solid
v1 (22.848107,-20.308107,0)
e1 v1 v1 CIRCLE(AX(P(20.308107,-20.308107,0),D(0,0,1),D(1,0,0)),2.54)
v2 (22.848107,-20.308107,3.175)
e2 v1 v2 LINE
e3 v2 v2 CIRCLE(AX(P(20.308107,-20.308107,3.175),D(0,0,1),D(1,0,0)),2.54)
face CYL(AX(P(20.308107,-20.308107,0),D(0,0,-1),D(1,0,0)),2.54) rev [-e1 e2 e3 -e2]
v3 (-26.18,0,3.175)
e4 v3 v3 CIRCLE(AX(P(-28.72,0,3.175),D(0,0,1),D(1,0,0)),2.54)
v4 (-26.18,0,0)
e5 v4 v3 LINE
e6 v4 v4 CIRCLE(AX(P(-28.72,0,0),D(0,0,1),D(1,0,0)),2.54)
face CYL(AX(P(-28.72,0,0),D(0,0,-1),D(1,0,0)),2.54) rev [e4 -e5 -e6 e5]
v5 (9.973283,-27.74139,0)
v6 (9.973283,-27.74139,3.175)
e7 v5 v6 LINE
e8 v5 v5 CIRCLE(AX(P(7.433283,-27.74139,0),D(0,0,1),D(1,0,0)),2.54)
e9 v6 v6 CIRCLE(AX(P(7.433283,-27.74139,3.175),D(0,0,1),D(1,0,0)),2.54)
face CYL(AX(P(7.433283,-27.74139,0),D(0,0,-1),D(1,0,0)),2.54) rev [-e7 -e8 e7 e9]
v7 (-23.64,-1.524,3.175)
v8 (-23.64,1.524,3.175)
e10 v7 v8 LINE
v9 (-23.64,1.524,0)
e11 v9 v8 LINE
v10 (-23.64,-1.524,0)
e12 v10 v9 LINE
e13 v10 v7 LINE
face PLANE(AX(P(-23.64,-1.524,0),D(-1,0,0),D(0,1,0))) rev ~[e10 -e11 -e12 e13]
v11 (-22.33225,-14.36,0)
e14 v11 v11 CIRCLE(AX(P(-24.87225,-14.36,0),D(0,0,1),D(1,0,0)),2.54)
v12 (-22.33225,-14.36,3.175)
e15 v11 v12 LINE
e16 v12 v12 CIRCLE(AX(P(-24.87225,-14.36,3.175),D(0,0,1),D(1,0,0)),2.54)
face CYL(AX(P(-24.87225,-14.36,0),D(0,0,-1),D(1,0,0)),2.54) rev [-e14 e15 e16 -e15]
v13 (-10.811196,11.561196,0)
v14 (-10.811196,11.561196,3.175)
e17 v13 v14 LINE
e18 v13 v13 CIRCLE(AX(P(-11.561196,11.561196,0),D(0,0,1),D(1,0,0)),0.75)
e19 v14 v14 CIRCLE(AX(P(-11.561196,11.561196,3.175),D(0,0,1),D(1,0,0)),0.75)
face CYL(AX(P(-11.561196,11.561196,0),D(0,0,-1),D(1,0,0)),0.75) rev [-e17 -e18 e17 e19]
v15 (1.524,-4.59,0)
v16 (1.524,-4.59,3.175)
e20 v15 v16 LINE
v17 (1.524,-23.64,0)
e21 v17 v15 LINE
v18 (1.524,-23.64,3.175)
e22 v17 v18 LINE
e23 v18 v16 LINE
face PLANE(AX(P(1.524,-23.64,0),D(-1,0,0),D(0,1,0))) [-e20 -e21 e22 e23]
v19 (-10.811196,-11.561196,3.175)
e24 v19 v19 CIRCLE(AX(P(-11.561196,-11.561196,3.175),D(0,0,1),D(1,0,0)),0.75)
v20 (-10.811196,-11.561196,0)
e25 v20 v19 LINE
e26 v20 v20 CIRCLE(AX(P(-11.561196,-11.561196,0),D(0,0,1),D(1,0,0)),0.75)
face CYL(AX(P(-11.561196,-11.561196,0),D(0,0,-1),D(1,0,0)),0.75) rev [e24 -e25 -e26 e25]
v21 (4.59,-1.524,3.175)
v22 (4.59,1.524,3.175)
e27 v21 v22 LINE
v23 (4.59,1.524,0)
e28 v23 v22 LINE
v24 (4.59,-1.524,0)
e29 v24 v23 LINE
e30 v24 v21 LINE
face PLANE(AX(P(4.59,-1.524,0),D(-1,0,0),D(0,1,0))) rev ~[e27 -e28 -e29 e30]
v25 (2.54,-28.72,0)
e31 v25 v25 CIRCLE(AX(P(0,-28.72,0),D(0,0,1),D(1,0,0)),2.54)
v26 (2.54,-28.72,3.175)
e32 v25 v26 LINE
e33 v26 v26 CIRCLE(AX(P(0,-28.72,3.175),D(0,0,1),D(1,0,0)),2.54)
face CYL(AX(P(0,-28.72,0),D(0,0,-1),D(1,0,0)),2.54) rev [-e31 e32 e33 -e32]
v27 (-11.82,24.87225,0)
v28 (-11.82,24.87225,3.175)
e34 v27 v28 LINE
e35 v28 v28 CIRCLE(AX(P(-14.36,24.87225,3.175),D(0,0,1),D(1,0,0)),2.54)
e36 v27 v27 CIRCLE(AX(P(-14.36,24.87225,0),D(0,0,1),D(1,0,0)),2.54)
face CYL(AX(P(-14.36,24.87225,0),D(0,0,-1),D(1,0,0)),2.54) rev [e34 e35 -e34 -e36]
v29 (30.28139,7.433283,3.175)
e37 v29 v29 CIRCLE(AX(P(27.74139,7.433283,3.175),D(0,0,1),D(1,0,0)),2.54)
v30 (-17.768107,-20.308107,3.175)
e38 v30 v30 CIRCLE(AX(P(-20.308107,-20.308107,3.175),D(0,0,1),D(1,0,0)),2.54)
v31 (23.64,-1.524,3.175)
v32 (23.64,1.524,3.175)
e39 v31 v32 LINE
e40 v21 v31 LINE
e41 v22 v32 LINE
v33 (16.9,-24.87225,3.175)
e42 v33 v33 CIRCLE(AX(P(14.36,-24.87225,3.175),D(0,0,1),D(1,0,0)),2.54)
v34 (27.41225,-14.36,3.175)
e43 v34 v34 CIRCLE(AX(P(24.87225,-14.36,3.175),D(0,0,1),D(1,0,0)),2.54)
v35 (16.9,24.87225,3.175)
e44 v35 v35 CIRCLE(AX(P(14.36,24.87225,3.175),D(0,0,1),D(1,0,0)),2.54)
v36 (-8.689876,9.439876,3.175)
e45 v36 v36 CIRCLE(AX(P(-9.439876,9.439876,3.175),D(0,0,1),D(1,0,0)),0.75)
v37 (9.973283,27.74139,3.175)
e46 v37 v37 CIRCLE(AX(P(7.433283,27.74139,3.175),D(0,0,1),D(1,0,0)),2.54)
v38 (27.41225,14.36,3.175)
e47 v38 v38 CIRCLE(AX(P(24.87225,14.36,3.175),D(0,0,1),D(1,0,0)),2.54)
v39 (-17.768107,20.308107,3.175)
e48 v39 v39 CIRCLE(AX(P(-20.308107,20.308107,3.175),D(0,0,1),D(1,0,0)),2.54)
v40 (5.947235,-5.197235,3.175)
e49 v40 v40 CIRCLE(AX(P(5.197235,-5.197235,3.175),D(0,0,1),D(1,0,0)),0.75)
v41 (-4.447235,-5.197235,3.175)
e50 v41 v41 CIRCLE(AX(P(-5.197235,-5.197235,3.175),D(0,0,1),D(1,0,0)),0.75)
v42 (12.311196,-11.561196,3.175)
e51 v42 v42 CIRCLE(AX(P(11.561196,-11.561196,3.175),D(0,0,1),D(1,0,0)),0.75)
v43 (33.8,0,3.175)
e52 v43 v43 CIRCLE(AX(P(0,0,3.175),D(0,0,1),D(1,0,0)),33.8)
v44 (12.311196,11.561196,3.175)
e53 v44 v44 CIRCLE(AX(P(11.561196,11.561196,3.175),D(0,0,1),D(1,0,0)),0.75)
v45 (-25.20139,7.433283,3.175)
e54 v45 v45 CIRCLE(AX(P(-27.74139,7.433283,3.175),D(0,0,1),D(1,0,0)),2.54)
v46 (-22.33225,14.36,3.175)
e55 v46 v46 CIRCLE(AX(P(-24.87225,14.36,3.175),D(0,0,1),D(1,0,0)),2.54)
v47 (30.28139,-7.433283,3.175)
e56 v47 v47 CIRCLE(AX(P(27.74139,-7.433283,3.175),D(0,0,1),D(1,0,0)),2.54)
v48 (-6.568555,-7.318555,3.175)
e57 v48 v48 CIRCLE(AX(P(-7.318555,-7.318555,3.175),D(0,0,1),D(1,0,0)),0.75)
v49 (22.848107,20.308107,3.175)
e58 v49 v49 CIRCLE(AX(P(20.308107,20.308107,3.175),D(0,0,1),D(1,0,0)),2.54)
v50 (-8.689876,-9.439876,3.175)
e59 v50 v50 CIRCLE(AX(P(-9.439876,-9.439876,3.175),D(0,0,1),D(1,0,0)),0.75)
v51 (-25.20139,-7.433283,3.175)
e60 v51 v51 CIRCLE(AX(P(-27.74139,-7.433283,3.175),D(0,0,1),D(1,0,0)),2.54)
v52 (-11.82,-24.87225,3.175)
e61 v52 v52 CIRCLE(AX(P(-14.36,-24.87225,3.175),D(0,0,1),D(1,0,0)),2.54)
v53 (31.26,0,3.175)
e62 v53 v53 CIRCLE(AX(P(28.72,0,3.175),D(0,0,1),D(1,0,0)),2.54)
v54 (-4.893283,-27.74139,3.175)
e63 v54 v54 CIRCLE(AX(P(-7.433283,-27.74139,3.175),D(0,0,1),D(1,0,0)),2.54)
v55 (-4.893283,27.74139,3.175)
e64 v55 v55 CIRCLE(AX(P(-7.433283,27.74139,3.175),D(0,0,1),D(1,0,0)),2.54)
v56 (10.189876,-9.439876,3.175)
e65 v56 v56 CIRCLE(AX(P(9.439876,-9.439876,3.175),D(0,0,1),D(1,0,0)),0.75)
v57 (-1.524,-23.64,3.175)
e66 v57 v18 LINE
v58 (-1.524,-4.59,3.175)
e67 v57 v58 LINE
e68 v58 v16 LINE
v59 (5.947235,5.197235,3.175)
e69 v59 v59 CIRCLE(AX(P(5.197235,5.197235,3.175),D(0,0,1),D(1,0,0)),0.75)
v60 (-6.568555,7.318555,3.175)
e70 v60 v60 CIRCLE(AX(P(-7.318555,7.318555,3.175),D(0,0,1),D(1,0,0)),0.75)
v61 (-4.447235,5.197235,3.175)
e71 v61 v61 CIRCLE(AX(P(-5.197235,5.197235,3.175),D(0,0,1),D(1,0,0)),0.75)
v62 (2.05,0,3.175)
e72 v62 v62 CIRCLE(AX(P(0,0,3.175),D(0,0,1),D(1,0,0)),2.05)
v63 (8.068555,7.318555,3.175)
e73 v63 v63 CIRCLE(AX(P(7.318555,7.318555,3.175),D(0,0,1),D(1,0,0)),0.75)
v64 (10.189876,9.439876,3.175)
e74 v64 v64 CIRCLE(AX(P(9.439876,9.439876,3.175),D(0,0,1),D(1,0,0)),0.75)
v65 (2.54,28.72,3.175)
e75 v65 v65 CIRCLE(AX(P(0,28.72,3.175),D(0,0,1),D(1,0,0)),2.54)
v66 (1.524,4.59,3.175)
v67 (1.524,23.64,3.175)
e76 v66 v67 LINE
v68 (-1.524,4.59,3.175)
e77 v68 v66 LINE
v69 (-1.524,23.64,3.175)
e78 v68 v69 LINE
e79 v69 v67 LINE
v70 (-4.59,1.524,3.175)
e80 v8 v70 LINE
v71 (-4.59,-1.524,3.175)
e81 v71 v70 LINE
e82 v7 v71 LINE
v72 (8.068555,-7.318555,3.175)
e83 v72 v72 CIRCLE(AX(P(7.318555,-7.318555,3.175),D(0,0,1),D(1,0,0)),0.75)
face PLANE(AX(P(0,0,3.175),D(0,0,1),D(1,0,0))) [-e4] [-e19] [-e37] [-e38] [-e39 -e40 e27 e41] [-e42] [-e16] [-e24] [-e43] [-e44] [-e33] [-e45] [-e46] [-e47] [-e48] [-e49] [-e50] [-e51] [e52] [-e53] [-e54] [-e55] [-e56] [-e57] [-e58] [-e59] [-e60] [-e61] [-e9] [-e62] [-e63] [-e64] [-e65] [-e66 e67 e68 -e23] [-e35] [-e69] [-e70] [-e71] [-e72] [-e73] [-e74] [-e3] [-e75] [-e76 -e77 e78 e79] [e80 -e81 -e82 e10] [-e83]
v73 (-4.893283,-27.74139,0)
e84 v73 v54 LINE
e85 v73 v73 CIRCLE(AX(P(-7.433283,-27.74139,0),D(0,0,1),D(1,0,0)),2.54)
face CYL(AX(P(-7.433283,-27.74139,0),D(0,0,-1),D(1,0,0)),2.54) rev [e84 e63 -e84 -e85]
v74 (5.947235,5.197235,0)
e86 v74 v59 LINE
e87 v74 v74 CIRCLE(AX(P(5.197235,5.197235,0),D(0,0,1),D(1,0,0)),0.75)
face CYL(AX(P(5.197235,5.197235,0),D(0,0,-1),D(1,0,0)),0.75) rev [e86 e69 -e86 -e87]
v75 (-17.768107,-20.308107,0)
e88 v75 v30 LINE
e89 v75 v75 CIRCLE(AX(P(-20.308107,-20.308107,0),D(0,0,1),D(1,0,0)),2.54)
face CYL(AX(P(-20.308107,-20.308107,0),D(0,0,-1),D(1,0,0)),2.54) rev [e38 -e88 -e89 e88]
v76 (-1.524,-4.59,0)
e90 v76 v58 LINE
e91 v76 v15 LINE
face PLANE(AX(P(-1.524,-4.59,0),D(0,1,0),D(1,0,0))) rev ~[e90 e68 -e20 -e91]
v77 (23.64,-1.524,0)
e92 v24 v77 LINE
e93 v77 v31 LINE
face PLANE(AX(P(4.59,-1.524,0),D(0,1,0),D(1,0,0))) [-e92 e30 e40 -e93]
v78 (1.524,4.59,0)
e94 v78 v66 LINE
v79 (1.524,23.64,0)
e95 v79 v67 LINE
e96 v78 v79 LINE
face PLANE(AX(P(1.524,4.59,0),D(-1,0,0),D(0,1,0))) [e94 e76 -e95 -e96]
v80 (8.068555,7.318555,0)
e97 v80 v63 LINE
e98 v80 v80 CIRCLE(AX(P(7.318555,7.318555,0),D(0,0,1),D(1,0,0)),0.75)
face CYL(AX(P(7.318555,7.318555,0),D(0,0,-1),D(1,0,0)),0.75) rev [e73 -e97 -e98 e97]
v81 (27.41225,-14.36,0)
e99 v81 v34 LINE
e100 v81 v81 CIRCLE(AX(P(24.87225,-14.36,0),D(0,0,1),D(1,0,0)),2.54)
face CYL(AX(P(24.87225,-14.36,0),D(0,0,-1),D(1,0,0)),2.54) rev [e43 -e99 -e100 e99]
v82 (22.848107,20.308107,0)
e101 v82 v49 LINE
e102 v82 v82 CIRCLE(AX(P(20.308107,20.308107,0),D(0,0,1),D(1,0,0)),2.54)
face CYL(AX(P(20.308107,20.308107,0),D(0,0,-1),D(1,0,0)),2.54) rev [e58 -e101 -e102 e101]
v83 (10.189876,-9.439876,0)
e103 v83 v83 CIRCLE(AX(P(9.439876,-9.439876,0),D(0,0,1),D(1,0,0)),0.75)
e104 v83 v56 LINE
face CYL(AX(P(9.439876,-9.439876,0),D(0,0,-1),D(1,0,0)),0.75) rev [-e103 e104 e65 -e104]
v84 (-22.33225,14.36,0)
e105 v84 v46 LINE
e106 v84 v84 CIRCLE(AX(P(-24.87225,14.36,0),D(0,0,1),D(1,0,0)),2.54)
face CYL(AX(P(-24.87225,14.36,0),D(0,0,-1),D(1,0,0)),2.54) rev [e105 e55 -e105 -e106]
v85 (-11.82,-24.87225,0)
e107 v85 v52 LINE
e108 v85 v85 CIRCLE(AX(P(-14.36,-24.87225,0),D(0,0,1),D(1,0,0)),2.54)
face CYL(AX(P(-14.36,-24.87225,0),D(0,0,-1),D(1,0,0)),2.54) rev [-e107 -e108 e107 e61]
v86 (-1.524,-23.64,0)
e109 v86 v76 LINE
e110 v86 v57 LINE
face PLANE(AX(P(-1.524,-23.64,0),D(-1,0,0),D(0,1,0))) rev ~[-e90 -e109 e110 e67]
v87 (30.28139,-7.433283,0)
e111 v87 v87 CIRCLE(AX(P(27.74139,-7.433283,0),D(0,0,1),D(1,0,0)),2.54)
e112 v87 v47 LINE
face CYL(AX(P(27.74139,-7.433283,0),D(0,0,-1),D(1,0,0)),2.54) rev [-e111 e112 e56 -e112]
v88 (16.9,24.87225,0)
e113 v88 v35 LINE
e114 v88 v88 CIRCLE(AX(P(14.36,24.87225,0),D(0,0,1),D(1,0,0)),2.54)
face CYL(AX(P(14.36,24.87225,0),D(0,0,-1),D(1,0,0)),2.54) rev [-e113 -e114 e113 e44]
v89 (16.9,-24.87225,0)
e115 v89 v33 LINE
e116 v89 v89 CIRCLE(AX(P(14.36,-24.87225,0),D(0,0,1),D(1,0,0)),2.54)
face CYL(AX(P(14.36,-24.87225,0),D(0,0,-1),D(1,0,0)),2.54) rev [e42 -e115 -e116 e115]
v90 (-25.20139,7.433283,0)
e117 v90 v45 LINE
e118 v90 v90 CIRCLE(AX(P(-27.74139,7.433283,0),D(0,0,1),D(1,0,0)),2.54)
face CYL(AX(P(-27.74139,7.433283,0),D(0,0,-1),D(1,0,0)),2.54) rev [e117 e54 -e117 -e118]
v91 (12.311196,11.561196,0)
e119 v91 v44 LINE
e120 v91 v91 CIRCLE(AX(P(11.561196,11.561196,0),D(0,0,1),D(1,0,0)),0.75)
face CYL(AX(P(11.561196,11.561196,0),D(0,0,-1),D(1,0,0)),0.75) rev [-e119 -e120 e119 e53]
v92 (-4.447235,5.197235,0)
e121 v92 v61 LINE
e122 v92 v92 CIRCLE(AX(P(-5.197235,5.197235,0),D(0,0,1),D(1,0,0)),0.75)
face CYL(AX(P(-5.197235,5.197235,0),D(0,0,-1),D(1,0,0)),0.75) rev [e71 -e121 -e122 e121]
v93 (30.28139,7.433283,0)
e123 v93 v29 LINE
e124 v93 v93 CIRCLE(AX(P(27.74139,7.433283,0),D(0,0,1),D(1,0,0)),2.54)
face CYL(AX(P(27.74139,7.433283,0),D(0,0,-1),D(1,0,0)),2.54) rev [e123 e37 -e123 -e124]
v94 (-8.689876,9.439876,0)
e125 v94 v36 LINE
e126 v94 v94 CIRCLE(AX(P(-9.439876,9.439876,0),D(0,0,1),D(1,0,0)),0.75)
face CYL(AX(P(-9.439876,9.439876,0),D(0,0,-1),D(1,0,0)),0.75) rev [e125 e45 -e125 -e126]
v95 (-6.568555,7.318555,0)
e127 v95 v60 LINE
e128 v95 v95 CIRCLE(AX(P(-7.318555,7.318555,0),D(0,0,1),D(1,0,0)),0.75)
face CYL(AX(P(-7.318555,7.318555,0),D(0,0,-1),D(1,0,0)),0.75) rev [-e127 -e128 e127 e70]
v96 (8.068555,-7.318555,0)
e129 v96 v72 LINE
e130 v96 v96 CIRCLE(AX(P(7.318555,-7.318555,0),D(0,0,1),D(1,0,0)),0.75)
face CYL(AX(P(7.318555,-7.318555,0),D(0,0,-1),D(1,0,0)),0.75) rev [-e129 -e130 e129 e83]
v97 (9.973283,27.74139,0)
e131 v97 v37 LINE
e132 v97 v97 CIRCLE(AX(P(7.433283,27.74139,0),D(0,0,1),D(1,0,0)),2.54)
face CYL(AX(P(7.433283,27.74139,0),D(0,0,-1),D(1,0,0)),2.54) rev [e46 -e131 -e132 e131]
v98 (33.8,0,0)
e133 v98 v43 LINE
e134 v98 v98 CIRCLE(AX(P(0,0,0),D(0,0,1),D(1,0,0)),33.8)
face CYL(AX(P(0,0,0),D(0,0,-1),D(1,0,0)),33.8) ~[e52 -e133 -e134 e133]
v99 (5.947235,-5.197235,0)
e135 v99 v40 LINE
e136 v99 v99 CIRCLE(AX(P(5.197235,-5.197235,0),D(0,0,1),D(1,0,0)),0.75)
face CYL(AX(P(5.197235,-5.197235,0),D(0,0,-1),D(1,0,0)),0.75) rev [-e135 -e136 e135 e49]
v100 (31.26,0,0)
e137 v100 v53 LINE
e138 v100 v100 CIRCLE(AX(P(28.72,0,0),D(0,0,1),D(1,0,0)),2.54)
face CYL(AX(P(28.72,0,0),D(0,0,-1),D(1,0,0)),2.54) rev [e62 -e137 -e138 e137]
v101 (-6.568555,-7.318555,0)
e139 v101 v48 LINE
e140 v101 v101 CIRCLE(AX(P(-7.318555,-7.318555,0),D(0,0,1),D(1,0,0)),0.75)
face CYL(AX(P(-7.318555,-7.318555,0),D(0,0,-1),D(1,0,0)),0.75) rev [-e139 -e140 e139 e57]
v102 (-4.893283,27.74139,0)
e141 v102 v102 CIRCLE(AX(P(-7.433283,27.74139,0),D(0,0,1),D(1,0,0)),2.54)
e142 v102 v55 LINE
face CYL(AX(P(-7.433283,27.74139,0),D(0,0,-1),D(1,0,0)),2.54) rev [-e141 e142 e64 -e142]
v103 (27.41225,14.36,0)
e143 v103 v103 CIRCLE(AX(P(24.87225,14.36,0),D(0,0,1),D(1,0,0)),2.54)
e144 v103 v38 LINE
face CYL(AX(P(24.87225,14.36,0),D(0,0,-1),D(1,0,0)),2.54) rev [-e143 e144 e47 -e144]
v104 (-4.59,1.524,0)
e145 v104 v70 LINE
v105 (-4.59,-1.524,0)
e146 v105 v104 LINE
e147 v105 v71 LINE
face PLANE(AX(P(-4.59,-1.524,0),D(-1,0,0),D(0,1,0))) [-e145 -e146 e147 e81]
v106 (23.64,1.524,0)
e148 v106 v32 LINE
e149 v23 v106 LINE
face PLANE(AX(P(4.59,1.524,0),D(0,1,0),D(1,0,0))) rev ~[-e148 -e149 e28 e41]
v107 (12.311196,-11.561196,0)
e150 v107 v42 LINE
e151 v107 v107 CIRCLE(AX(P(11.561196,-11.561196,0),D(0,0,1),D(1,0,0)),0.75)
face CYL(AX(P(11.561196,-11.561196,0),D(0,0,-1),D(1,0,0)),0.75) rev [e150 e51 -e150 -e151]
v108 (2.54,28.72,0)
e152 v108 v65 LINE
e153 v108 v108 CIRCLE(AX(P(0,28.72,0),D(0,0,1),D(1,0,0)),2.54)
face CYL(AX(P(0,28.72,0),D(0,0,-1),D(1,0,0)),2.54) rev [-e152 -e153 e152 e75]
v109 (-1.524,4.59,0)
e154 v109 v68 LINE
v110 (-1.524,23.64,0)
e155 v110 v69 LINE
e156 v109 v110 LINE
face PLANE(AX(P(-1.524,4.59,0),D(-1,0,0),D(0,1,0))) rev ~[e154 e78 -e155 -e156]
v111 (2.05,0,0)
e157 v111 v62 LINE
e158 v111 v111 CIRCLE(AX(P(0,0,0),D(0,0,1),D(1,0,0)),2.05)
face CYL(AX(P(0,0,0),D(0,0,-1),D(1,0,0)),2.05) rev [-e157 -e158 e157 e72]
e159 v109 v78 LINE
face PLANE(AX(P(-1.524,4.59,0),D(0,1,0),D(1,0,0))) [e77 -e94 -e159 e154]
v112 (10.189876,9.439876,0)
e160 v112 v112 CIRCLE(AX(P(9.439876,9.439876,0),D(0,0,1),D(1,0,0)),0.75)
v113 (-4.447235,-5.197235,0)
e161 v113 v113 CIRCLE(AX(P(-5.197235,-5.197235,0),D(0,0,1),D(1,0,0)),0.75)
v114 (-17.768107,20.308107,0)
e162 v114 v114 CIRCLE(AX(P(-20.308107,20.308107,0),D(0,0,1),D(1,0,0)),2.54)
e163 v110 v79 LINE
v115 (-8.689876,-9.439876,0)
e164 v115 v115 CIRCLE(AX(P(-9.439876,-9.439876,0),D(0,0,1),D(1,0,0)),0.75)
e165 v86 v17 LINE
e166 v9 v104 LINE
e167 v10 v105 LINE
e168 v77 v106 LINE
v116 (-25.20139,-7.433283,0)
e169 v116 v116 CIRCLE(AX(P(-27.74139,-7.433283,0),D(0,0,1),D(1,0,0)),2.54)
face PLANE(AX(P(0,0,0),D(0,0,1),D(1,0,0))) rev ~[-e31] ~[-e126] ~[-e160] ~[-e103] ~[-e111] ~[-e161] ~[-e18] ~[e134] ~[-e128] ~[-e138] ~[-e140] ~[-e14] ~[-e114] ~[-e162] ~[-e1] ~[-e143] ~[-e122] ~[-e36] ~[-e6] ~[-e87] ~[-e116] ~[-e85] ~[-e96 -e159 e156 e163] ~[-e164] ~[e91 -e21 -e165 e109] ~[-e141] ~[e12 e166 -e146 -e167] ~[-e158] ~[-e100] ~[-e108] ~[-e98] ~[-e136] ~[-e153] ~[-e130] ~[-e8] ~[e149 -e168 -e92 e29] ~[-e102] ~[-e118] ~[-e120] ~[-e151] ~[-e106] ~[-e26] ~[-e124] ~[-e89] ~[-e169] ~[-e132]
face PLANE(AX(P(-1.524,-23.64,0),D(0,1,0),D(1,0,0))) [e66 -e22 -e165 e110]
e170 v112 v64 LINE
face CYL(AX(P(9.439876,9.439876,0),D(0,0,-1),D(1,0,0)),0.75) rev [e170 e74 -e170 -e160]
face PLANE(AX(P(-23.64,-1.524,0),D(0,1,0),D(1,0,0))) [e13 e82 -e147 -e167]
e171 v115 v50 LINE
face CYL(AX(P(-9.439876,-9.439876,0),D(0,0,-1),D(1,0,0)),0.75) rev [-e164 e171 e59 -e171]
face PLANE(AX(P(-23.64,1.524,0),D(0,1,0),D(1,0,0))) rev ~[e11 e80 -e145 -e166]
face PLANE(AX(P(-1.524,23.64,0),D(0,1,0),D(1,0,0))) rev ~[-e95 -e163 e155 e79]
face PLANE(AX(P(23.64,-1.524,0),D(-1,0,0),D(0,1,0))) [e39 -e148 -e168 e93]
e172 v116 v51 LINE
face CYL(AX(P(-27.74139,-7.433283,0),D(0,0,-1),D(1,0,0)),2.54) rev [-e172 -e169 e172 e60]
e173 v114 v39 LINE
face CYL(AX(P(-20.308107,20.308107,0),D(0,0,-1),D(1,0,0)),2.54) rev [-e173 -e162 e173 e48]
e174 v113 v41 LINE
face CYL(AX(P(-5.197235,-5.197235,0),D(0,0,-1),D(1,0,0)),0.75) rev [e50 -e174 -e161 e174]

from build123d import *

# Parameters (mm, degrees)
SKETCH1_R           = 33.8
SKETCH1_R_2         = 2.54
SKETCH1_R_3         = 2.05
SKETCH1_R_4         = 0.75
SKETCH1_W           = 3.048
SKETCH1_H           = 19.05
SKETCH1_W_2         = 19.05
SKETCH1_H_2         = 3.048
BOSS_EXTRUDE1_DEPTH = 3.175


with BuildPart() as part:
    # Sketch1 → Boss-Extrude1 (new body)
    with BuildSketch(Plane.XY):
        Circle(SKETCH1_R)
        with Locations((14.36, 24.872249597)):
            Circle(SKETCH1_R_2, mode=Mode.SUBTRACT)
        with Locations((20.308106756, 20.308106756)):
            Circle(SKETCH1_R_2, mode=Mode.SUBTRACT)
        with Locations((24.872249597, 14.36)):
            Circle(SKETCH1_R_2, mode=Mode.SUBTRACT)
        with Locations((27.741389731, 7.433282975)):
            Circle(SKETCH1_R_2, mode=Mode.SUBTRACT)
        with Locations((28.72, 0)):
            Circle(SKETCH1_R_2, mode=Mode.SUBTRACT)
        with Locations((27.741389731, -7.433282975)):
            Circle(SKETCH1_R_2, mode=Mode.SUBTRACT)
        with Locations((24.872249597, -14.36)):
            Circle(SKETCH1_R_2, mode=Mode.SUBTRACT)
        with Locations((20.308106756, -20.308106756)):
            Circle(SKETCH1_R_2, mode=Mode.SUBTRACT)
        with Locations((14.36, -24.872249597)):
            Circle(SKETCH1_R_2, mode=Mode.SUBTRACT)
        with Locations((7.433282975, -27.741389731)):
            Circle(SKETCH1_R_2, mode=Mode.SUBTRACT)
        with Locations((0, -28.72)):
            Circle(SKETCH1_R_2, mode=Mode.SUBTRACT)
        with Locations((-7.433282975, -27.741389731)):
            Circle(SKETCH1_R_2, mode=Mode.SUBTRACT)
        with Locations((-14.36, -24.872249597)):
            Circle(SKETCH1_R_2, mode=Mode.SUBTRACT)
        with Locations((-20.308106756, -20.308106756)):
            Circle(SKETCH1_R_2, mode=Mode.SUBTRACT)
        with Locations((-24.872249597, -14.36)):
            Circle(SKETCH1_R_2, mode=Mode.SUBTRACT)
        with Locations((-27.741389731, -7.433282975)):
            Circle(SKETCH1_R_2, mode=Mode.SUBTRACT)
        with Locations((-28.72, 0)):
            Circle(SKETCH1_R_2, mode=Mode.SUBTRACT)
        with Locations((-27.741389731, 7.433282975)):
            Circle(SKETCH1_R_2, mode=Mode.SUBTRACT)
        with Locations((-24.872249597, 14.36)):
            Circle(SKETCH1_R_2, mode=Mode.SUBTRACT)
        with Locations((-20.308106756, 20.308106756)):
            Circle(SKETCH1_R_2, mode=Mode.SUBTRACT)
        with Locations((-14.36, 24.872249597)):
            Circle(SKETCH1_R_2, mode=Mode.SUBTRACT)
        with Locations((-7.433282975, 27.741389731)):
            Circle(SKETCH1_R_2, mode=Mode.SUBTRACT)
        with Locations((0, 28.72)):
            Circle(SKETCH1_R_2, mode=Mode.SUBTRACT)
        with Locations((7.433282975, 27.741389731)):
            Circle(SKETCH1_R_2, mode=Mode.SUBTRACT)
        Circle(SKETCH1_R_3, mode=Mode.SUBTRACT)
        with Locations((11.561195872, 11.561195872)):
            Circle(SKETCH1_R_4, mode=Mode.SUBTRACT)
        with Locations((9.439875529, 9.439875529)):
            Circle(SKETCH1_R_4, mode=Mode.SUBTRACT)
        with Locations((7.318555185, 7.318555185)):
            Circle(SKETCH1_R_4, mode=Mode.SUBTRACT)
        with Locations((5.197234842, 5.197234842)):
            Circle(SKETCH1_R_4, mode=Mode.SUBTRACT)
        with Locations((11.561195872, -11.561195872)):
            Circle(SKETCH1_R_4, mode=Mode.SUBTRACT)
        with Locations((9.439875529, -9.439875529)):
            Circle(SKETCH1_R_4, mode=Mode.SUBTRACT)
        with Locations((7.318555185, -7.318555185)):
            Circle(SKETCH1_R_4, mode=Mode.SUBTRACT)
        with Locations((5.197234842, -5.197234842)):
            Circle(SKETCH1_R_4, mode=Mode.SUBTRACT)
        with Locations((-11.561195872, -11.561195872)):
            Circle(SKETCH1_R_4, mode=Mode.SUBTRACT)
        with Locations((-9.439875529, -9.439875529)):
            Circle(SKETCH1_R_4, mode=Mode.SUBTRACT)
        with Locations((-7.318555185, -7.318555185)):
            Circle(SKETCH1_R_4, mode=Mode.SUBTRACT)
        with Locations((-5.197234842, -5.197234842)):
            Circle(SKETCH1_R_4, mode=Mode.SUBTRACT)
        with Locations((-11.561195872, 11.561195872)):
            Circle(SKETCH1_R_4, mode=Mode.SUBTRACT)
        with Locations((-9.439875529, 9.439875529)):
            Circle(SKETCH1_R_4, mode=Mode.SUBTRACT)
        with Locations((-7.318555185, 7.318555185)):
            Circle(SKETCH1_R_4, mode=Mode.SUBTRACT)
        with Locations((-5.197234842, 5.197234842)):
            Circle(SKETCH1_R_4, mode=Mode.SUBTRACT)
        with Locations((0, 14.115)):
            Rectangle(SKETCH1_W, SKETCH1_H, mode=Mode.SUBTRACT)
        with Locations((14.115, 0)):
            Rectangle(SKETCH1_W_2, SKETCH1_H_2, mode=Mode.SUBTRACT)
        with Locations((0, -14.115)):
            Rectangle(SKETCH1_W, SKETCH1_H, mode=Mode.SUBTRACT)
        with Locations((-14.115, 0)):
            Rectangle(SKETCH1_W_2, SKETCH1_H_2, mode=Mode.SUBTRACT)
    extrude(amount=BOSS_EXTRUDE1_DEPTH)


solid = part.part
